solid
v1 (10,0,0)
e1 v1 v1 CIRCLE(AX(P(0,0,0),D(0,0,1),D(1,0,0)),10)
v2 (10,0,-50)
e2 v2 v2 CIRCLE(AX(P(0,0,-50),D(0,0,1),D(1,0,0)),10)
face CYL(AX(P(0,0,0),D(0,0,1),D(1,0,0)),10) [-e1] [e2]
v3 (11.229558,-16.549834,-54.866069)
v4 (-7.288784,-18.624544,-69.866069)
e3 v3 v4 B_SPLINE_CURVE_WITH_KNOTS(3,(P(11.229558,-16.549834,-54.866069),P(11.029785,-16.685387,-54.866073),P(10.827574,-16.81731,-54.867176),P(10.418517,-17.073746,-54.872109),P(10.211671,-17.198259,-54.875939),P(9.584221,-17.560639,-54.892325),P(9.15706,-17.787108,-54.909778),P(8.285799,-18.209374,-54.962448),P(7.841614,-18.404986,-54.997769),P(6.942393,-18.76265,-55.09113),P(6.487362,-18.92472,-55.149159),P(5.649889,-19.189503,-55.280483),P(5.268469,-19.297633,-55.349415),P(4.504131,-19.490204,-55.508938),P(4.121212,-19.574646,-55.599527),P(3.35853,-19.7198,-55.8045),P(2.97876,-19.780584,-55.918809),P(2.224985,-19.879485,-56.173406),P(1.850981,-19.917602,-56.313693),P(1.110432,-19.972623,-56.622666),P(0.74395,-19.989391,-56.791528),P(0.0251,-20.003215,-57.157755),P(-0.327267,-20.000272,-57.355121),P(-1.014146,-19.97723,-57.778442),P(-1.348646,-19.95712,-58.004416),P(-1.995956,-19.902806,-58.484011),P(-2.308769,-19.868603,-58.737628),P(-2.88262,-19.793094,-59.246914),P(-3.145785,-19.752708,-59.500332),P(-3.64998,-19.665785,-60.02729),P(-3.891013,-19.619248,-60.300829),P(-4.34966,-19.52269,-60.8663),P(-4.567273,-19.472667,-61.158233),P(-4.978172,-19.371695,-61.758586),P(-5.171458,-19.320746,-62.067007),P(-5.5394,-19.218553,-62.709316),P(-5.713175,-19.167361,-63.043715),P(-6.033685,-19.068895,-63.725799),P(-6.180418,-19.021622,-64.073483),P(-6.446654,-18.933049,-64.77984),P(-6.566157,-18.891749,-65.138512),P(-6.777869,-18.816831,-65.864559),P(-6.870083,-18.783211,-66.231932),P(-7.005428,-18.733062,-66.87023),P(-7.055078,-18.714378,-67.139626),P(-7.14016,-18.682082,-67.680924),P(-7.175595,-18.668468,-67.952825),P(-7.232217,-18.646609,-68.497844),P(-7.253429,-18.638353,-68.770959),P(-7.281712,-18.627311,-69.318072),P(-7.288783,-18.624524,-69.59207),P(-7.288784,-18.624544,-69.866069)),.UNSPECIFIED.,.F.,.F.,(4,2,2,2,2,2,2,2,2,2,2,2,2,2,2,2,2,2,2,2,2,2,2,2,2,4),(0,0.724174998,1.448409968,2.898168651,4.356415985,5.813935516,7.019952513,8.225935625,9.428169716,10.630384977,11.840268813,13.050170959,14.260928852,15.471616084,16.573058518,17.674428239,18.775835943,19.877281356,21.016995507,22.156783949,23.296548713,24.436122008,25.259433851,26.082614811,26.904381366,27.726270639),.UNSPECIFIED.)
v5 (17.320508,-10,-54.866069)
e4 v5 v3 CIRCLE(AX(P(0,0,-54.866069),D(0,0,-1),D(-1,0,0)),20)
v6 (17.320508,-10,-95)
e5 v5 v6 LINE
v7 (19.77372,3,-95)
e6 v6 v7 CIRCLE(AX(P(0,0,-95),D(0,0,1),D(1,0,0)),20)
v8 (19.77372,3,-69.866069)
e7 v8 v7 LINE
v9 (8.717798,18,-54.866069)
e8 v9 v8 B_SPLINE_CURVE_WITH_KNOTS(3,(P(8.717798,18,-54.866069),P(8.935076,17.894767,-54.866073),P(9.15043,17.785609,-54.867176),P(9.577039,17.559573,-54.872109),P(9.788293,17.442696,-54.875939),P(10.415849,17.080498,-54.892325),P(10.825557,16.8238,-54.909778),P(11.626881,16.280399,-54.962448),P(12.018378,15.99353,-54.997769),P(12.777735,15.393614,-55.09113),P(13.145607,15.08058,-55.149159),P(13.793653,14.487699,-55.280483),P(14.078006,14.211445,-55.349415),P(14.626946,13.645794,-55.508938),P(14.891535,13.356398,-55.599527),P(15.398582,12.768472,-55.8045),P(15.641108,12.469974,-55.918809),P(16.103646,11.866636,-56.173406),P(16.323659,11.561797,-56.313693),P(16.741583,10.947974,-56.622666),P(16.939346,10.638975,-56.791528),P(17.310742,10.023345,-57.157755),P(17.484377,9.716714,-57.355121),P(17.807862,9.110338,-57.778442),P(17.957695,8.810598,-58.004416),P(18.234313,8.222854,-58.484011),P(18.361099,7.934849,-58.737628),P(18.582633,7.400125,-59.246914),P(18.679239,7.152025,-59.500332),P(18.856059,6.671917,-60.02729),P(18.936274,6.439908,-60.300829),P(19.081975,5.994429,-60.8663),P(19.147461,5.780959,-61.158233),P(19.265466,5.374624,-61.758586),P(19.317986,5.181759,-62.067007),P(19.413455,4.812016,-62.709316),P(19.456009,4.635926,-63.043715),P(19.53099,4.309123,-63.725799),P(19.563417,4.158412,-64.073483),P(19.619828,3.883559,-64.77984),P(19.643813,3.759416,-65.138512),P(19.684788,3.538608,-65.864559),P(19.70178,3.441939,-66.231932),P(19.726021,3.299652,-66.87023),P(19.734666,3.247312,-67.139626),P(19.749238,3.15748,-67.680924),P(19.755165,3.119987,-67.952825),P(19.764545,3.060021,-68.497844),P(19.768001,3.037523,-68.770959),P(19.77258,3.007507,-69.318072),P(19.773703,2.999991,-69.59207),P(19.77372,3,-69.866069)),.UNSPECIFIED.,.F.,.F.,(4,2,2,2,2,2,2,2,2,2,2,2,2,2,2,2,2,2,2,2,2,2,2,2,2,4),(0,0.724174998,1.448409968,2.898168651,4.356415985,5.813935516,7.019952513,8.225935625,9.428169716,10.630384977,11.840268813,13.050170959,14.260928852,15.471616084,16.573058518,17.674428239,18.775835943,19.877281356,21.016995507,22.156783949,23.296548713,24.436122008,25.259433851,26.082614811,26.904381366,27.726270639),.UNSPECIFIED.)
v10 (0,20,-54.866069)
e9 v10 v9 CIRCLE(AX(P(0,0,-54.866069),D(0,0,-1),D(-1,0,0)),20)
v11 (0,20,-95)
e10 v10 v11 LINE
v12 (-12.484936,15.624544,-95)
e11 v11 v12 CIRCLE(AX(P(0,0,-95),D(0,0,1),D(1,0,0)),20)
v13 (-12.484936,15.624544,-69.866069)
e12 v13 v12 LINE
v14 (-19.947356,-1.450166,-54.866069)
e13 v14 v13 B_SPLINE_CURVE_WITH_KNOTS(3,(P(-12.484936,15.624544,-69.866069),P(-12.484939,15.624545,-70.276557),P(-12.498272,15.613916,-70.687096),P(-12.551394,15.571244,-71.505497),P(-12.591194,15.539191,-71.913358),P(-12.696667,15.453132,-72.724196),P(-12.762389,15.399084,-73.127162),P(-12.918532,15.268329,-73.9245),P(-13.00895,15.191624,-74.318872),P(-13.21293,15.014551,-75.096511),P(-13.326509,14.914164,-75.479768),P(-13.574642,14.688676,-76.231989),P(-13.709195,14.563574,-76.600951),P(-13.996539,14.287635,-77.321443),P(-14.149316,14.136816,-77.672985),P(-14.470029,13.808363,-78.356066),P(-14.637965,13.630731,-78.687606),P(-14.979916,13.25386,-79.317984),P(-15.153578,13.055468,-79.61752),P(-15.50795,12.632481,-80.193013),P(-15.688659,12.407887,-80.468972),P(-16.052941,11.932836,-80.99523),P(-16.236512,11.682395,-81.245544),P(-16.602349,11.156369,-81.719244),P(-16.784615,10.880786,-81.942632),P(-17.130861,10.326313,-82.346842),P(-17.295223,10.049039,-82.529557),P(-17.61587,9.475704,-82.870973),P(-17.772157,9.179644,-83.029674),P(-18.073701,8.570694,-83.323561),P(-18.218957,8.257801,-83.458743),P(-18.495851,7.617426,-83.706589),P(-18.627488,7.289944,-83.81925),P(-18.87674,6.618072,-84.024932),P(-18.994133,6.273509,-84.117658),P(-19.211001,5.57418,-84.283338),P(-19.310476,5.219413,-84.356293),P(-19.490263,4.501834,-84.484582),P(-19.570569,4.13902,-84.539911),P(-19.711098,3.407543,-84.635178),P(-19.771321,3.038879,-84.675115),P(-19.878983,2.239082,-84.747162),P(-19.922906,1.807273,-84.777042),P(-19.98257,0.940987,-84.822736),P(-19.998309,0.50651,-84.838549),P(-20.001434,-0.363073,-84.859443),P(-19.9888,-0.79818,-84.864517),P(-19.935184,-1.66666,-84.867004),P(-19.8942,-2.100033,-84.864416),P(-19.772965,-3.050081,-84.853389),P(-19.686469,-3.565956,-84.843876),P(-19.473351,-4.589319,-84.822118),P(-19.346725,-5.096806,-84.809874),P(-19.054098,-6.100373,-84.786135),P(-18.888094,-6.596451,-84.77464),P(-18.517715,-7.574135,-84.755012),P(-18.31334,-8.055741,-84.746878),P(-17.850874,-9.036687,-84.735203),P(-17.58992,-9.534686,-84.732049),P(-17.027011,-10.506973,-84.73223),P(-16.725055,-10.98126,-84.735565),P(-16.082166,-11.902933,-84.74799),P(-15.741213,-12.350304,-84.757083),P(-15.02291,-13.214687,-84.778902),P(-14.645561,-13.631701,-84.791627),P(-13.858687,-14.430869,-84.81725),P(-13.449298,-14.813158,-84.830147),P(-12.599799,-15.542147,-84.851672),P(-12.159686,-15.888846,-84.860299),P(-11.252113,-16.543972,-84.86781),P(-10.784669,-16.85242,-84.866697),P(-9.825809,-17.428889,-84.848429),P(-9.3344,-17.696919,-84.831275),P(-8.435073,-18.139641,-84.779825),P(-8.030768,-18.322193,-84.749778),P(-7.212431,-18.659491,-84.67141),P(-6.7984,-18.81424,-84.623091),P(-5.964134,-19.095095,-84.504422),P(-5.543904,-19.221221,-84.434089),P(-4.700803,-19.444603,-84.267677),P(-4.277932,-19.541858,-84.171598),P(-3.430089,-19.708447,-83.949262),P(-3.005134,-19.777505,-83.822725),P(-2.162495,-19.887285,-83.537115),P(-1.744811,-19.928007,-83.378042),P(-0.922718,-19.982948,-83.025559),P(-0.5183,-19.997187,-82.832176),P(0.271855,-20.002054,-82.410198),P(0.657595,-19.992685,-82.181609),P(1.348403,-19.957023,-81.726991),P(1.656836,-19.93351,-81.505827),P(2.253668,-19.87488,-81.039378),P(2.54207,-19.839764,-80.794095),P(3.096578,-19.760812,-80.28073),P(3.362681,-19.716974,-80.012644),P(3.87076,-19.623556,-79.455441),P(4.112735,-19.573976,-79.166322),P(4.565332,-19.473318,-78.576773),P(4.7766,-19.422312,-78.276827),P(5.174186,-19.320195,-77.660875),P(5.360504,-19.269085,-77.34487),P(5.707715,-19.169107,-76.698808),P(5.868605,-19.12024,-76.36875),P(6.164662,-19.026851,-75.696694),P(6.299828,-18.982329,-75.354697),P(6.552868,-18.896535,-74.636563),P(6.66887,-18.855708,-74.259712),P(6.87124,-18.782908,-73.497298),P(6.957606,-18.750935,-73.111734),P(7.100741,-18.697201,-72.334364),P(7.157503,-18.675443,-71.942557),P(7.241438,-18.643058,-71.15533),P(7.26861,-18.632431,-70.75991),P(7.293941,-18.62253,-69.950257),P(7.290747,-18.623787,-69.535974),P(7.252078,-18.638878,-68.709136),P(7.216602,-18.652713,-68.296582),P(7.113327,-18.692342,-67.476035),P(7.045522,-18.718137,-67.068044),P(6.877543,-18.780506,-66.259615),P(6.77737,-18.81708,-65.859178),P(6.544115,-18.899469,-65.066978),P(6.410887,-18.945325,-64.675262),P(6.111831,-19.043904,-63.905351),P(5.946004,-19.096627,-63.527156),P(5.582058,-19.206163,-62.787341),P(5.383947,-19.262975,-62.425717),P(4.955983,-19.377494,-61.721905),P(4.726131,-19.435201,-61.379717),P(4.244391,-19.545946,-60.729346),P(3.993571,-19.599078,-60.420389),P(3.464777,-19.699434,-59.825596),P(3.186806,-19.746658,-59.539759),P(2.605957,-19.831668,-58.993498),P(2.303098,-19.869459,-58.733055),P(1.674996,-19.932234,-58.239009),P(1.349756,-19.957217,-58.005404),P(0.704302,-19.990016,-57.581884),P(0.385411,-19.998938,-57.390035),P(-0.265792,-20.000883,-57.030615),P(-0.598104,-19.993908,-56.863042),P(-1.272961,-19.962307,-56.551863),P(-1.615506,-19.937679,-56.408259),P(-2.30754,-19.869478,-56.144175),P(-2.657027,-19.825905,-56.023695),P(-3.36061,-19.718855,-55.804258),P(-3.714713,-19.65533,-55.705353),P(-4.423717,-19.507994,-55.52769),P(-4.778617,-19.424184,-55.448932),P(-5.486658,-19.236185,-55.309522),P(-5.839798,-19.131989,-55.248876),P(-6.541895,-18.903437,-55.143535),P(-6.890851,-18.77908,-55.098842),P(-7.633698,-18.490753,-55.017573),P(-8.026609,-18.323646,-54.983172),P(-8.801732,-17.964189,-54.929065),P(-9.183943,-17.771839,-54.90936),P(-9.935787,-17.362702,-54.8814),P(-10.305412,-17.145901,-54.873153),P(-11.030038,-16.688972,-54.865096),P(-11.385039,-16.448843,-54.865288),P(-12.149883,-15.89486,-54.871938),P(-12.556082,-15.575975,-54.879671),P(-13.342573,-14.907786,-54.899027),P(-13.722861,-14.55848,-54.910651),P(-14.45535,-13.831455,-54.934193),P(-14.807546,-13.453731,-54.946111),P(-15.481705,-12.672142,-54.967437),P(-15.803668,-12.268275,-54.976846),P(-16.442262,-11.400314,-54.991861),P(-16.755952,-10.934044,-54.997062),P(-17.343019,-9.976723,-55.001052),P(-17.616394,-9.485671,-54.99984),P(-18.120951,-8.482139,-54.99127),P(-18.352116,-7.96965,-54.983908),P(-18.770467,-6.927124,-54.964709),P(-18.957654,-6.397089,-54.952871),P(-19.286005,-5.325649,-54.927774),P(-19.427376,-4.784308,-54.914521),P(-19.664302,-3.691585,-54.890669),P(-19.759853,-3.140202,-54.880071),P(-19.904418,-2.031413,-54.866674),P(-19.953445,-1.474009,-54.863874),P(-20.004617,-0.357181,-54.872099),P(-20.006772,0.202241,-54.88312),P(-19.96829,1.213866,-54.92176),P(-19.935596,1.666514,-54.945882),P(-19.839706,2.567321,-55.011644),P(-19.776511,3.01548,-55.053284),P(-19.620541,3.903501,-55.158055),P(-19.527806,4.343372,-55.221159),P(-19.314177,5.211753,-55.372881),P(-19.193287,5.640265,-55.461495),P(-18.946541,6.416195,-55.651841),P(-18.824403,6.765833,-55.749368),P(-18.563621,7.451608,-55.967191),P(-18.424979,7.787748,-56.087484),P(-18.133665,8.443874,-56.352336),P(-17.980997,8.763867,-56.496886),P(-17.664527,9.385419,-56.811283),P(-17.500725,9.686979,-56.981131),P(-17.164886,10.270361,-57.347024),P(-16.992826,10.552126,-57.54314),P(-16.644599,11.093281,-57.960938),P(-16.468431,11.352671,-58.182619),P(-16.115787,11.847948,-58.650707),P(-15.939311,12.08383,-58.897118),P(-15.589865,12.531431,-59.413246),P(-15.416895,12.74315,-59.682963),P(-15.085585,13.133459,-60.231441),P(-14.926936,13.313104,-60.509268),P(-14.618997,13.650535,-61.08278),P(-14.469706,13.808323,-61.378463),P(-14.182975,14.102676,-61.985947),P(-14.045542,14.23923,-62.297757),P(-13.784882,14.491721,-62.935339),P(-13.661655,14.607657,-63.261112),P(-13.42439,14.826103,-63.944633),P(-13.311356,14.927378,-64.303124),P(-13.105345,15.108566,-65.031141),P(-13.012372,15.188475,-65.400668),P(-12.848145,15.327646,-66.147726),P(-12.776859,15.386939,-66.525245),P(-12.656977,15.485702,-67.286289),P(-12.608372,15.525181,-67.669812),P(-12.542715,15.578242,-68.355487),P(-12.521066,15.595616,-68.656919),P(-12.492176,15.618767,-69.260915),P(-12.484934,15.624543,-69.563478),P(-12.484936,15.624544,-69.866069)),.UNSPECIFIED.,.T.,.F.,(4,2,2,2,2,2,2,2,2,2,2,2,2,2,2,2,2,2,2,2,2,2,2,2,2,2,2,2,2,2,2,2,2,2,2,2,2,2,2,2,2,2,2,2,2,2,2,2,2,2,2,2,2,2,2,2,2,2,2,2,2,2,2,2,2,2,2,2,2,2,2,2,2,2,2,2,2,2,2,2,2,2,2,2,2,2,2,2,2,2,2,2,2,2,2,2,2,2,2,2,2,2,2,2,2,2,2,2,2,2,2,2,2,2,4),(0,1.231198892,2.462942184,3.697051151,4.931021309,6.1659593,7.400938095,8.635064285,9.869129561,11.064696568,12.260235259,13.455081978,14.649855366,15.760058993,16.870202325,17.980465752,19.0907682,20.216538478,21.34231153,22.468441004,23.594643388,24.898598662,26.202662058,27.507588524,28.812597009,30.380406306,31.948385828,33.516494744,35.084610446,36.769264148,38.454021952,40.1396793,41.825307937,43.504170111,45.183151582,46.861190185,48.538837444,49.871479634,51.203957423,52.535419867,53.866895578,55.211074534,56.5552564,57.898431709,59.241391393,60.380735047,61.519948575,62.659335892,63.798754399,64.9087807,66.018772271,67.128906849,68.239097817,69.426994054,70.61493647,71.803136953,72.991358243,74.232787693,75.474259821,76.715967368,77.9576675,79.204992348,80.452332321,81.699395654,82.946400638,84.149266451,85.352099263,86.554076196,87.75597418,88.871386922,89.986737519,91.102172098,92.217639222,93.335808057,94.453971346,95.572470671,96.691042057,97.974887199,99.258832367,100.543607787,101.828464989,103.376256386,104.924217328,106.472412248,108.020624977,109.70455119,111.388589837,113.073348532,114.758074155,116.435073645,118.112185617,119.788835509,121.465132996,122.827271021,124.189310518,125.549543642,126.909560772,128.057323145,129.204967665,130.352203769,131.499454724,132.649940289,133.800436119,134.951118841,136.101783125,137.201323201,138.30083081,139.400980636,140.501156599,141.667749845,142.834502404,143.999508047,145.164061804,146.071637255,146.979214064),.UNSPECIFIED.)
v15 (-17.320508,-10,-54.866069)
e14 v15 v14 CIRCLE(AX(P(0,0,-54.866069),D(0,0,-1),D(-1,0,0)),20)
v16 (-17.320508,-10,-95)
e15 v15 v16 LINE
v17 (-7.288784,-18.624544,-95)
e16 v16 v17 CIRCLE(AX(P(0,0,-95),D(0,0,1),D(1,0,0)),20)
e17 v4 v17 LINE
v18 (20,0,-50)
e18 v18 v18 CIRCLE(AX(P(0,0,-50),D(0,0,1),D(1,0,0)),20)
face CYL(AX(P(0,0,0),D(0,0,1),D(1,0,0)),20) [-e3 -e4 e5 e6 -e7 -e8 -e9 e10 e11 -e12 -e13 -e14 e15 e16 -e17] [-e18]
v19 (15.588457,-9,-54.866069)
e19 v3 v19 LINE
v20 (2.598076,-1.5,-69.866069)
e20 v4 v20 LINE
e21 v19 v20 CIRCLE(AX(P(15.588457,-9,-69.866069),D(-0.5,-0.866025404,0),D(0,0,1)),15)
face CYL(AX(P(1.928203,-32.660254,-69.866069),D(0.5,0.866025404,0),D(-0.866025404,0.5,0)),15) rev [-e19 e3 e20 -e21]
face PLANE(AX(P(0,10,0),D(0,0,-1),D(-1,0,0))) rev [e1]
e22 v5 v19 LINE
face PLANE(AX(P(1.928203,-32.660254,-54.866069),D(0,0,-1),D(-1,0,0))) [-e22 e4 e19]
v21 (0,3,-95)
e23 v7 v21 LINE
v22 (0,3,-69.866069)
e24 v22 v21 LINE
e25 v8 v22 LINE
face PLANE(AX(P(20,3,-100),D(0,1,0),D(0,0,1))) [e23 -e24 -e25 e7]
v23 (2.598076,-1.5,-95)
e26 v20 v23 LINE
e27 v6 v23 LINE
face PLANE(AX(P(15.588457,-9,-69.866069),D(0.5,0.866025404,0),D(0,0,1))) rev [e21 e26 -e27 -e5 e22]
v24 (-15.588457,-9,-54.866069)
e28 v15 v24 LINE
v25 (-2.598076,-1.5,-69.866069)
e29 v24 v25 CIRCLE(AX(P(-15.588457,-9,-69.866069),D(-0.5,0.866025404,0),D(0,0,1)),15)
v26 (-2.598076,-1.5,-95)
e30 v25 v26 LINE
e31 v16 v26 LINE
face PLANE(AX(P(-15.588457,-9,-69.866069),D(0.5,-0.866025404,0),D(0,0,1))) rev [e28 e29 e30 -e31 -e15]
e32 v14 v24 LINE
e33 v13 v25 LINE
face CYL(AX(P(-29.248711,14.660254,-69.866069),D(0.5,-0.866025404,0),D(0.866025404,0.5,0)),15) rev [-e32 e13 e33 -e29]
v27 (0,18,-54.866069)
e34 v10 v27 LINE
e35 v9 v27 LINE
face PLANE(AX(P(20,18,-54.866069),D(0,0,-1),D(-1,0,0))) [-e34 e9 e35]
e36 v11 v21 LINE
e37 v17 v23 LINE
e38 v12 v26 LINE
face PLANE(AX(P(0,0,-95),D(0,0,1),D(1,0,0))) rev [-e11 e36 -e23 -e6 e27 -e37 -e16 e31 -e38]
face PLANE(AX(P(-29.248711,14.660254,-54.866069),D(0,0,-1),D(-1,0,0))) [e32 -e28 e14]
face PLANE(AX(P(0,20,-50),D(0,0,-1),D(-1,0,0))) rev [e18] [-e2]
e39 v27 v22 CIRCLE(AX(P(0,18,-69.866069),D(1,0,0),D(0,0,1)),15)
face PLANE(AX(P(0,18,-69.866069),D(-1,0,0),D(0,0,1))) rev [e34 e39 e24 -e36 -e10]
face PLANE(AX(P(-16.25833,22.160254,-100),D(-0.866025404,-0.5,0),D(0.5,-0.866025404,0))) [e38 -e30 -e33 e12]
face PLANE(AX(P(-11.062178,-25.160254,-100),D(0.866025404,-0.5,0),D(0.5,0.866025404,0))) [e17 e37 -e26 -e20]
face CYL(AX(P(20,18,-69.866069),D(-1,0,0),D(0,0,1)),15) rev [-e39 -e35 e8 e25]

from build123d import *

# Parameters (mm, degrees)
AUSFR_SUNG_DEPTH   = 21
KREISMUSTER1_COUNT = 3


with BuildPart() as part:
    # Skizze1 → Grundk_rper (revolve)
    with BuildSketch(Plane(origin=(0, 0, 0), x_dir=(0, 0, -1), z_dir=(1, 0, 0)), mode=Mode.PRIVATE) as grundk_rper_sk:
        Polygon((95, 0), (95, 20), (50, 20), (50, 10), (0, 10), (0, 0), align=None)
    revolve(grundk_rper_sk.sketch.rotate(Axis((0, 0, 0), (0, 0, -1)), 90), axis=Axis((0, 0, 0), (0, 0, -1)))  # turned: the seam where the file's is

    # Skizze2 → Ausfr_sung (cut, through all)
    with BuildSketch(Plane(origin=(0, 0, 0), x_dir=(0, 0, -1), z_dir=(1, 0, 0))):
        with BuildLine():
            Line((100, 3), (69.866068747, 3))
            ThreePointArc((69.866068747, 3), (59.25946703, 7.393398282), (54.866068747, 18))
            Line((54.866068747, 18), (54.866068747, 23))
            Line((54.866068747, 23), (100, 23))
            Line((100, 23), (100, 3))
        make_face()
    ausfr_sung = extrude(amount=AUSFR_SUNG_DEPTH, mode=Mode.SUBTRACT)

    # Kreismuster1: Ausfr_sung ×3 about axis
    kreismuster1_axis = Axis((0, 0, 0), (0, 0, 1))
    for i in range(1, KREISMUSTER1_COUNT):
        add(ausfr_sung.rotate(kreismuster1_axis, i * 360 / KREISMUSTER1_COUNT), mode=Mode.SUBTRACT)


solid = part.part
